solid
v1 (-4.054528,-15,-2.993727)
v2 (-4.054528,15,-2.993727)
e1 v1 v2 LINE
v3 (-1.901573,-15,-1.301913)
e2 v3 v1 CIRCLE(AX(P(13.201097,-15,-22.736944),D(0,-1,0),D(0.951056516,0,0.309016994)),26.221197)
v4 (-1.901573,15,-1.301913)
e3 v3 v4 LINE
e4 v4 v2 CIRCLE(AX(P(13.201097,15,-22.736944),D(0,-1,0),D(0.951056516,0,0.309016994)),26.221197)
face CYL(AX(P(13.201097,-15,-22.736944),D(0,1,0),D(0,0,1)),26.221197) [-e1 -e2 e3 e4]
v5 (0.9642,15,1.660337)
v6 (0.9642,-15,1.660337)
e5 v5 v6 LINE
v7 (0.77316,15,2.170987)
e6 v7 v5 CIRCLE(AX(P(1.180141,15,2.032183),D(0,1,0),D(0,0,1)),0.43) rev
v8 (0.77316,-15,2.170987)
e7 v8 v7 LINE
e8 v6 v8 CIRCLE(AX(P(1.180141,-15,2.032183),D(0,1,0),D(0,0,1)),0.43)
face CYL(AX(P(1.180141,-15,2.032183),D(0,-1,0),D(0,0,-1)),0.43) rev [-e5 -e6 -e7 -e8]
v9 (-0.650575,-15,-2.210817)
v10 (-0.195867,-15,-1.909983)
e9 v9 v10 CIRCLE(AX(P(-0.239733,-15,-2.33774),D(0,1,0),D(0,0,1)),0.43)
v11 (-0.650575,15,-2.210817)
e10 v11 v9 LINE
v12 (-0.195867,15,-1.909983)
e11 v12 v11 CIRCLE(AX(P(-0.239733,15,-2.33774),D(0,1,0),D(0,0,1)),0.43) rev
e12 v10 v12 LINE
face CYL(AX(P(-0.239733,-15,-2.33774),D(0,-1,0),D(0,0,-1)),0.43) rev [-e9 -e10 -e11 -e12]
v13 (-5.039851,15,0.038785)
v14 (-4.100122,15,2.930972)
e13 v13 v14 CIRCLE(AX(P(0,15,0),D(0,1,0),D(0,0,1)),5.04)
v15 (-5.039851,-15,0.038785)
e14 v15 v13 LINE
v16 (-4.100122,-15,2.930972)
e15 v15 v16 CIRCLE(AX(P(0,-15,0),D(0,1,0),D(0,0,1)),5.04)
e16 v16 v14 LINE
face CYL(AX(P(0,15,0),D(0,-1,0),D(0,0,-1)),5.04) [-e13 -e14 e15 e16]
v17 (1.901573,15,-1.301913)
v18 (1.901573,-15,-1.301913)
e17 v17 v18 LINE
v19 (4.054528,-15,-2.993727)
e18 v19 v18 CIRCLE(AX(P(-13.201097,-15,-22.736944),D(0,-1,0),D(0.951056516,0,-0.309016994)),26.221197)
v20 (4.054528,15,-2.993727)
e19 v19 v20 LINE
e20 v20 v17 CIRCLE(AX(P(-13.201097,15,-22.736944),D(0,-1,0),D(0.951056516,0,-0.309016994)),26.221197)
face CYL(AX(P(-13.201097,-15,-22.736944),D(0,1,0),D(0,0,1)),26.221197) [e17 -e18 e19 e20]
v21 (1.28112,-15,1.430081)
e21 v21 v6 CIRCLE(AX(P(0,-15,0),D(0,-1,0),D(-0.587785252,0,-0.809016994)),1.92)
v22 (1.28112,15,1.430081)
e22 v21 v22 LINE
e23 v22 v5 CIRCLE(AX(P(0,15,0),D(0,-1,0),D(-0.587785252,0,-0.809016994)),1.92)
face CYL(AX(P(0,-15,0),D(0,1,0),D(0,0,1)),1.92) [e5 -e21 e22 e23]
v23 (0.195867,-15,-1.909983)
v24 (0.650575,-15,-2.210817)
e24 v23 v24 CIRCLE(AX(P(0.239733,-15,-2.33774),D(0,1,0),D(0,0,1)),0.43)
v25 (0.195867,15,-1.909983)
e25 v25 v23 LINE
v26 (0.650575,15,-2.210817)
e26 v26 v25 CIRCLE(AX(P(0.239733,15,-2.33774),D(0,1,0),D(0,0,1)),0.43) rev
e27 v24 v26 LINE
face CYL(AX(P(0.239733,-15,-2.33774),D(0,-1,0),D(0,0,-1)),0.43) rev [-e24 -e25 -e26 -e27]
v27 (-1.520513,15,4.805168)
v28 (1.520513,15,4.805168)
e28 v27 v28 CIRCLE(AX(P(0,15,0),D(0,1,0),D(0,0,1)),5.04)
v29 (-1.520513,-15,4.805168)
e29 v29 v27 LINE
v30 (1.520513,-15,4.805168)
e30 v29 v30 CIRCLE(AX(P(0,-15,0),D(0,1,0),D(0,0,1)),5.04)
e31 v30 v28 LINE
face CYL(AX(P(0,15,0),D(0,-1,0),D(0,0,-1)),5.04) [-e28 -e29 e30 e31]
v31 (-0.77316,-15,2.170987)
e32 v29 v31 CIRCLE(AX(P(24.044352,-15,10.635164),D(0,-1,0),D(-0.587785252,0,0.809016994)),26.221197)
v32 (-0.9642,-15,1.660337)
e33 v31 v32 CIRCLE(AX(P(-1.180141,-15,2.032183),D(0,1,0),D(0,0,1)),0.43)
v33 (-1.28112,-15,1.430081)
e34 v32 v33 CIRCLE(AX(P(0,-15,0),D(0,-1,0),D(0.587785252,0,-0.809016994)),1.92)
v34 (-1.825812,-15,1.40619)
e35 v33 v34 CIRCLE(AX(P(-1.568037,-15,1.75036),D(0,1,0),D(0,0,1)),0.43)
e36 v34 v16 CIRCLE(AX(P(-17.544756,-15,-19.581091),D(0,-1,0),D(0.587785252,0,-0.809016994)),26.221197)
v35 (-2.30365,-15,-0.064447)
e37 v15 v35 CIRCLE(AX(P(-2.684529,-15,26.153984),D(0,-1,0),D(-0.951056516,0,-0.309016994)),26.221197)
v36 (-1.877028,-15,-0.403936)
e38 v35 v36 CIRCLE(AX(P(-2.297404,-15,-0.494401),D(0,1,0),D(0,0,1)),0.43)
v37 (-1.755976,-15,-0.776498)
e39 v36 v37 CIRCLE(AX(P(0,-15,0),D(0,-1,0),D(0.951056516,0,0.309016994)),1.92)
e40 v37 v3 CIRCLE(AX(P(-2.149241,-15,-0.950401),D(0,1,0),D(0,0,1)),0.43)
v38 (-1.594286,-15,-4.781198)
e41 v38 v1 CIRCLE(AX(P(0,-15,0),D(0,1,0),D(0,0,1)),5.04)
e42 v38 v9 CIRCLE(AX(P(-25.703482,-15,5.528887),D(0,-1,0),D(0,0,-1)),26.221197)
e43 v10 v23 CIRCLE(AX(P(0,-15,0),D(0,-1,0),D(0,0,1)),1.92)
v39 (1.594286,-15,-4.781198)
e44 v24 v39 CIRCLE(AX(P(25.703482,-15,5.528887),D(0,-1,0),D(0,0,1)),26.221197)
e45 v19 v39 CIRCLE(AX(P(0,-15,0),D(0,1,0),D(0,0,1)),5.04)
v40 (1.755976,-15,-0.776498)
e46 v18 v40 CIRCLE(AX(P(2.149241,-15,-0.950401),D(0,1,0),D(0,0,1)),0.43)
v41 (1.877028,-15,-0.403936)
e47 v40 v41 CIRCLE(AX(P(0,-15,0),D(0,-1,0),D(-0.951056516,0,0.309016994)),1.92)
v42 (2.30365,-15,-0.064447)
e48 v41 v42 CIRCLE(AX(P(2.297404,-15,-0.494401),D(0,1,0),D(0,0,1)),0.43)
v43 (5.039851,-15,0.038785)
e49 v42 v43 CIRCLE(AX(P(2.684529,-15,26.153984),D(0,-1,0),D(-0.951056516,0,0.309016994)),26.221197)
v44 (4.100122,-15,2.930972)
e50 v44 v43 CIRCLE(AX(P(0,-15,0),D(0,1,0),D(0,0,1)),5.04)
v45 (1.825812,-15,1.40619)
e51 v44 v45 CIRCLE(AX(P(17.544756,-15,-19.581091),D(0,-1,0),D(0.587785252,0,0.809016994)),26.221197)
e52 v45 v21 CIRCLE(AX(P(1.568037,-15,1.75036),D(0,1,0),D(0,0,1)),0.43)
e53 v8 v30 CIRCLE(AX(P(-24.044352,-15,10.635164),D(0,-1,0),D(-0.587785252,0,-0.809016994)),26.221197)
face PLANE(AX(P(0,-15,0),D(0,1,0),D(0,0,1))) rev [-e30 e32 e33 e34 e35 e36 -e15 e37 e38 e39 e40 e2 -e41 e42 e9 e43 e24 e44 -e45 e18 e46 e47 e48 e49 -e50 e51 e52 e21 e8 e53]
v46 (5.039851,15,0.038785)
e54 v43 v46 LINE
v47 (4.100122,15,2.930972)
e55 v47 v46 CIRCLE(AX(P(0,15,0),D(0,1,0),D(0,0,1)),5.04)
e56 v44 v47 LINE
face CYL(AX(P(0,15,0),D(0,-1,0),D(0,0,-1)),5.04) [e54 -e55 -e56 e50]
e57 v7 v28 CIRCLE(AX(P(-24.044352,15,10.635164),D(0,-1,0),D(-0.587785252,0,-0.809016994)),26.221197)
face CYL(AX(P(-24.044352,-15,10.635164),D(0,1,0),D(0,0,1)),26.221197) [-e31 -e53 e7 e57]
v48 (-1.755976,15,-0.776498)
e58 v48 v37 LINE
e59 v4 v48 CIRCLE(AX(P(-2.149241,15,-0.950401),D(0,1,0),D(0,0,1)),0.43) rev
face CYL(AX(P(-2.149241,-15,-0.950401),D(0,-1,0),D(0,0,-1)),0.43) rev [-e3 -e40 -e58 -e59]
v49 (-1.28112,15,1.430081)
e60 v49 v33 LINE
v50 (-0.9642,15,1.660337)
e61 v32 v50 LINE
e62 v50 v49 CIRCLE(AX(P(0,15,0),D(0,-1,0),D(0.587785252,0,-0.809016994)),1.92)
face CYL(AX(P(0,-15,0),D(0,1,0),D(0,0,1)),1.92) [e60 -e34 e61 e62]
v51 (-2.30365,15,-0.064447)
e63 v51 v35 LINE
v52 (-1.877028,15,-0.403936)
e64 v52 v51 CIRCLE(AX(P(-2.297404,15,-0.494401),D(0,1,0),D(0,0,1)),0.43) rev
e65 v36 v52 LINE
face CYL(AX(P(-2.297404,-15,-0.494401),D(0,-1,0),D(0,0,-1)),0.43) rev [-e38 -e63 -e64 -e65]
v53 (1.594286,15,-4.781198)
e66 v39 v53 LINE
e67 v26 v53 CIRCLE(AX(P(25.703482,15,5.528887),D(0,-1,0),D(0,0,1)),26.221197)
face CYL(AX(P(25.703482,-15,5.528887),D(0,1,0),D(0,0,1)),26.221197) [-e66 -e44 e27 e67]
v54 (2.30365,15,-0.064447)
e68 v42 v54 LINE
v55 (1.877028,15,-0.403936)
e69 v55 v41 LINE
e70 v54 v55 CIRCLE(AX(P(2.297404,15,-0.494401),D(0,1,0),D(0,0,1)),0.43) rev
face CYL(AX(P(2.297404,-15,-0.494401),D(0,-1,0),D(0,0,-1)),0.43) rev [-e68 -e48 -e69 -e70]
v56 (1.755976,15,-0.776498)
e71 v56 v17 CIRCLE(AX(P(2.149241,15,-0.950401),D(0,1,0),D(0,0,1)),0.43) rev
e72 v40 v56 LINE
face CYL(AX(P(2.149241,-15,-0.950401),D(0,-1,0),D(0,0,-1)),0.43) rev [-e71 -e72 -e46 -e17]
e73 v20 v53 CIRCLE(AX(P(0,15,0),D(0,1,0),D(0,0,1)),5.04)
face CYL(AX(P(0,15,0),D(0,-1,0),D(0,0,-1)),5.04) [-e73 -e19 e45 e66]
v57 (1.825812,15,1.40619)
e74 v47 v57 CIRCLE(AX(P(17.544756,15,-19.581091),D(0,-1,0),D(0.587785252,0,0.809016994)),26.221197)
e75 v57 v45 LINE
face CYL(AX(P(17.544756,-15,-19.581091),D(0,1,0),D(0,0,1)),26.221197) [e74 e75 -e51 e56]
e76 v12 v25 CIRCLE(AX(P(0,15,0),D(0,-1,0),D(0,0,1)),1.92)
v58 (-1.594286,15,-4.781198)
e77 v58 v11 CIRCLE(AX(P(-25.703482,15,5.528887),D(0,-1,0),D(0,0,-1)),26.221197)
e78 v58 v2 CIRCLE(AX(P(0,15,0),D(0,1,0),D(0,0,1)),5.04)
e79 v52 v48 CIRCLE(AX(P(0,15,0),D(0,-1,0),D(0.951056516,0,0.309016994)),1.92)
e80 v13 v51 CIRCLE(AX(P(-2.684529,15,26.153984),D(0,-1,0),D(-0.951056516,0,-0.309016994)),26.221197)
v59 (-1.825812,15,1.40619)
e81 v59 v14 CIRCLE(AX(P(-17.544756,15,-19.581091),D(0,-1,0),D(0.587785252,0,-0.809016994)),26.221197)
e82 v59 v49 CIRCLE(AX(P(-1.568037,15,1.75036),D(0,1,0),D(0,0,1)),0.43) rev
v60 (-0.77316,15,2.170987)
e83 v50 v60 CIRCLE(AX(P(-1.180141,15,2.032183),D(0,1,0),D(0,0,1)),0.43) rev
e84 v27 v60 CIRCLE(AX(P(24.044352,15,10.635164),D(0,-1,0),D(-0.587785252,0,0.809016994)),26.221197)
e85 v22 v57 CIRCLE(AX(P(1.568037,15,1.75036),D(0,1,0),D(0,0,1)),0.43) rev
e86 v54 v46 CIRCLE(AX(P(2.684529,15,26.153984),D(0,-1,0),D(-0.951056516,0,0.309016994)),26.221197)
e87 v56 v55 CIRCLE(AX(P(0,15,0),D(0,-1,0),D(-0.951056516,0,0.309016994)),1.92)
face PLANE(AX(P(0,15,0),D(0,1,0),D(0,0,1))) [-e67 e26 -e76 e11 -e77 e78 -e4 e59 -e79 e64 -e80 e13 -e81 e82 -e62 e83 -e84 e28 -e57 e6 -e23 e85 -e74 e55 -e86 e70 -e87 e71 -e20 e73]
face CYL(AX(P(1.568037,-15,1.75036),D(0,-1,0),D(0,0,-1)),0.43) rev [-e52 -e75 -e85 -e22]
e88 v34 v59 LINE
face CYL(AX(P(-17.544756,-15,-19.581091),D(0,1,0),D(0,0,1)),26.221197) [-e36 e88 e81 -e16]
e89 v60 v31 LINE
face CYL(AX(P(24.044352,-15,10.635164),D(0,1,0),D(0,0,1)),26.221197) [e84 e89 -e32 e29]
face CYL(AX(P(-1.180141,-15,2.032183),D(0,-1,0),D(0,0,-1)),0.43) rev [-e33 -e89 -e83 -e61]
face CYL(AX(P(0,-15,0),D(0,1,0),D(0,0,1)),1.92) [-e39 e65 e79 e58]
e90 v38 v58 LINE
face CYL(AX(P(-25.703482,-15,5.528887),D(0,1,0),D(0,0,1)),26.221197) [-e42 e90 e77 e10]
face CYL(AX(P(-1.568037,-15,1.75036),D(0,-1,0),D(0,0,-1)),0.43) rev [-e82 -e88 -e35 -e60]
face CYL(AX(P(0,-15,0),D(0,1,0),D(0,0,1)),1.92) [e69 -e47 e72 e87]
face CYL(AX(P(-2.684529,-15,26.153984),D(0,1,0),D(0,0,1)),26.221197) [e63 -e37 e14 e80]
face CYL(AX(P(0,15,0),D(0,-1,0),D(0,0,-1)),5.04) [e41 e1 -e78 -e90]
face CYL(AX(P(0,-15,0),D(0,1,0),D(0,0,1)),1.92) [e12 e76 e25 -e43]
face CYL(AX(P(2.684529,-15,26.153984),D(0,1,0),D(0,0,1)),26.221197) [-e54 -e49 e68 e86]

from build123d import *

# Parameters (mm, degrees)
SKETCH1_R                = 5.04
BOSS_EXTRUDE1_DEPTH      = 15
CUT_EXTRUDE1_DEPTH       = 15
FILLET2_R                = 0.43
CIRPATTERN1_COUNT        = 5
FILLET2_OF_CIRPATTERN1_R = 0.43


with BuildPart() as part:
    # Sketch1 → Boss-Extrude1 (new body, symmetric)
    with BuildSketch(Plane(origin=(0, 0, 0), x_dir=(1, 0, 0), z_dir=(0, 1, 0))):
        Circle(SKETCH1_R)
    extrude(amount=BOSS_EXTRUDE1_DEPTH, both=True)

    # Sketch2 → Cut-Extrude1 (cut, symmetric)
    with BuildSketch(Plane(origin=(0, 0, 0), x_dir=(1, 0, 0), z_dir=(0, 1, 0))):
        with BuildLine():
            ThreePointArc((-1.594286027, 4.781197764), (-1.02324782, 3.327591934), (-0.539761549, 1.842568173))
            ThreePointArc((-0.539761549, 1.842568173), (0, 1.92), (0.539761549, 1.842568173))
            ThreePointArc((0.539761549, 1.842568173), (1.02324782, 3.327591934), (1.594286027, 4.781197764))
            ThreePointArc((1.594286027, 4.781197764), (0, 5.04), (-1.594286027, 4.781197764))
        make_face()
    cut_extrude1 = extrude(amount=CUT_EXTRUDE1_DEPTH, both=True, mode=Mode.SUBTRACT)

    # Fillet2
    fillet2_edges = [part.edges().sort_by_distance(p)[0] for p in [
        (0.539761549, 0, -1.842568173),
        (-0.539761549, 0, -1.842568173),
    ]]
    fillet(fillet2_edges, radius=FILLET2_R)

    # CirPattern1: Cut-Extrude1 ×5 about axis
    cirpattern1_axis = Axis((0, 0, 0), (0, 1, 0))
    for i in range(1, CIRPATTERN1_COUNT):
        add(cut_extrude1.rotate(cirpattern1_axis, i * 360 / CIRPATTERN1_COUNT), mode=Mode.SUBTRACT)

    # Fillet2 of CirPattern1
    fillet2_of_cirpattern1_edges = [part.edges().sort_by_distance(p)[0] for p in [
        (-1.585590976, 0, -1.082728617),
        (-1.919181959, 0, -0.05604114),
        (-1.519710664, 0, 1.173405087),
        (-0.646358132, 0, 1.807932843),
        (0.646358132, 0, 1.807932843),
        (1.519710664, 0, 1.173405087),
        (1.919181959, 0, -0.05604114),
        (1.585590976, 0, -1.082728617),
    ]]
    fillet(fillet2_of_cirpattern1_edges, radius=FILLET2_OF_CIRPATTERN1_R)


solid = part.part
